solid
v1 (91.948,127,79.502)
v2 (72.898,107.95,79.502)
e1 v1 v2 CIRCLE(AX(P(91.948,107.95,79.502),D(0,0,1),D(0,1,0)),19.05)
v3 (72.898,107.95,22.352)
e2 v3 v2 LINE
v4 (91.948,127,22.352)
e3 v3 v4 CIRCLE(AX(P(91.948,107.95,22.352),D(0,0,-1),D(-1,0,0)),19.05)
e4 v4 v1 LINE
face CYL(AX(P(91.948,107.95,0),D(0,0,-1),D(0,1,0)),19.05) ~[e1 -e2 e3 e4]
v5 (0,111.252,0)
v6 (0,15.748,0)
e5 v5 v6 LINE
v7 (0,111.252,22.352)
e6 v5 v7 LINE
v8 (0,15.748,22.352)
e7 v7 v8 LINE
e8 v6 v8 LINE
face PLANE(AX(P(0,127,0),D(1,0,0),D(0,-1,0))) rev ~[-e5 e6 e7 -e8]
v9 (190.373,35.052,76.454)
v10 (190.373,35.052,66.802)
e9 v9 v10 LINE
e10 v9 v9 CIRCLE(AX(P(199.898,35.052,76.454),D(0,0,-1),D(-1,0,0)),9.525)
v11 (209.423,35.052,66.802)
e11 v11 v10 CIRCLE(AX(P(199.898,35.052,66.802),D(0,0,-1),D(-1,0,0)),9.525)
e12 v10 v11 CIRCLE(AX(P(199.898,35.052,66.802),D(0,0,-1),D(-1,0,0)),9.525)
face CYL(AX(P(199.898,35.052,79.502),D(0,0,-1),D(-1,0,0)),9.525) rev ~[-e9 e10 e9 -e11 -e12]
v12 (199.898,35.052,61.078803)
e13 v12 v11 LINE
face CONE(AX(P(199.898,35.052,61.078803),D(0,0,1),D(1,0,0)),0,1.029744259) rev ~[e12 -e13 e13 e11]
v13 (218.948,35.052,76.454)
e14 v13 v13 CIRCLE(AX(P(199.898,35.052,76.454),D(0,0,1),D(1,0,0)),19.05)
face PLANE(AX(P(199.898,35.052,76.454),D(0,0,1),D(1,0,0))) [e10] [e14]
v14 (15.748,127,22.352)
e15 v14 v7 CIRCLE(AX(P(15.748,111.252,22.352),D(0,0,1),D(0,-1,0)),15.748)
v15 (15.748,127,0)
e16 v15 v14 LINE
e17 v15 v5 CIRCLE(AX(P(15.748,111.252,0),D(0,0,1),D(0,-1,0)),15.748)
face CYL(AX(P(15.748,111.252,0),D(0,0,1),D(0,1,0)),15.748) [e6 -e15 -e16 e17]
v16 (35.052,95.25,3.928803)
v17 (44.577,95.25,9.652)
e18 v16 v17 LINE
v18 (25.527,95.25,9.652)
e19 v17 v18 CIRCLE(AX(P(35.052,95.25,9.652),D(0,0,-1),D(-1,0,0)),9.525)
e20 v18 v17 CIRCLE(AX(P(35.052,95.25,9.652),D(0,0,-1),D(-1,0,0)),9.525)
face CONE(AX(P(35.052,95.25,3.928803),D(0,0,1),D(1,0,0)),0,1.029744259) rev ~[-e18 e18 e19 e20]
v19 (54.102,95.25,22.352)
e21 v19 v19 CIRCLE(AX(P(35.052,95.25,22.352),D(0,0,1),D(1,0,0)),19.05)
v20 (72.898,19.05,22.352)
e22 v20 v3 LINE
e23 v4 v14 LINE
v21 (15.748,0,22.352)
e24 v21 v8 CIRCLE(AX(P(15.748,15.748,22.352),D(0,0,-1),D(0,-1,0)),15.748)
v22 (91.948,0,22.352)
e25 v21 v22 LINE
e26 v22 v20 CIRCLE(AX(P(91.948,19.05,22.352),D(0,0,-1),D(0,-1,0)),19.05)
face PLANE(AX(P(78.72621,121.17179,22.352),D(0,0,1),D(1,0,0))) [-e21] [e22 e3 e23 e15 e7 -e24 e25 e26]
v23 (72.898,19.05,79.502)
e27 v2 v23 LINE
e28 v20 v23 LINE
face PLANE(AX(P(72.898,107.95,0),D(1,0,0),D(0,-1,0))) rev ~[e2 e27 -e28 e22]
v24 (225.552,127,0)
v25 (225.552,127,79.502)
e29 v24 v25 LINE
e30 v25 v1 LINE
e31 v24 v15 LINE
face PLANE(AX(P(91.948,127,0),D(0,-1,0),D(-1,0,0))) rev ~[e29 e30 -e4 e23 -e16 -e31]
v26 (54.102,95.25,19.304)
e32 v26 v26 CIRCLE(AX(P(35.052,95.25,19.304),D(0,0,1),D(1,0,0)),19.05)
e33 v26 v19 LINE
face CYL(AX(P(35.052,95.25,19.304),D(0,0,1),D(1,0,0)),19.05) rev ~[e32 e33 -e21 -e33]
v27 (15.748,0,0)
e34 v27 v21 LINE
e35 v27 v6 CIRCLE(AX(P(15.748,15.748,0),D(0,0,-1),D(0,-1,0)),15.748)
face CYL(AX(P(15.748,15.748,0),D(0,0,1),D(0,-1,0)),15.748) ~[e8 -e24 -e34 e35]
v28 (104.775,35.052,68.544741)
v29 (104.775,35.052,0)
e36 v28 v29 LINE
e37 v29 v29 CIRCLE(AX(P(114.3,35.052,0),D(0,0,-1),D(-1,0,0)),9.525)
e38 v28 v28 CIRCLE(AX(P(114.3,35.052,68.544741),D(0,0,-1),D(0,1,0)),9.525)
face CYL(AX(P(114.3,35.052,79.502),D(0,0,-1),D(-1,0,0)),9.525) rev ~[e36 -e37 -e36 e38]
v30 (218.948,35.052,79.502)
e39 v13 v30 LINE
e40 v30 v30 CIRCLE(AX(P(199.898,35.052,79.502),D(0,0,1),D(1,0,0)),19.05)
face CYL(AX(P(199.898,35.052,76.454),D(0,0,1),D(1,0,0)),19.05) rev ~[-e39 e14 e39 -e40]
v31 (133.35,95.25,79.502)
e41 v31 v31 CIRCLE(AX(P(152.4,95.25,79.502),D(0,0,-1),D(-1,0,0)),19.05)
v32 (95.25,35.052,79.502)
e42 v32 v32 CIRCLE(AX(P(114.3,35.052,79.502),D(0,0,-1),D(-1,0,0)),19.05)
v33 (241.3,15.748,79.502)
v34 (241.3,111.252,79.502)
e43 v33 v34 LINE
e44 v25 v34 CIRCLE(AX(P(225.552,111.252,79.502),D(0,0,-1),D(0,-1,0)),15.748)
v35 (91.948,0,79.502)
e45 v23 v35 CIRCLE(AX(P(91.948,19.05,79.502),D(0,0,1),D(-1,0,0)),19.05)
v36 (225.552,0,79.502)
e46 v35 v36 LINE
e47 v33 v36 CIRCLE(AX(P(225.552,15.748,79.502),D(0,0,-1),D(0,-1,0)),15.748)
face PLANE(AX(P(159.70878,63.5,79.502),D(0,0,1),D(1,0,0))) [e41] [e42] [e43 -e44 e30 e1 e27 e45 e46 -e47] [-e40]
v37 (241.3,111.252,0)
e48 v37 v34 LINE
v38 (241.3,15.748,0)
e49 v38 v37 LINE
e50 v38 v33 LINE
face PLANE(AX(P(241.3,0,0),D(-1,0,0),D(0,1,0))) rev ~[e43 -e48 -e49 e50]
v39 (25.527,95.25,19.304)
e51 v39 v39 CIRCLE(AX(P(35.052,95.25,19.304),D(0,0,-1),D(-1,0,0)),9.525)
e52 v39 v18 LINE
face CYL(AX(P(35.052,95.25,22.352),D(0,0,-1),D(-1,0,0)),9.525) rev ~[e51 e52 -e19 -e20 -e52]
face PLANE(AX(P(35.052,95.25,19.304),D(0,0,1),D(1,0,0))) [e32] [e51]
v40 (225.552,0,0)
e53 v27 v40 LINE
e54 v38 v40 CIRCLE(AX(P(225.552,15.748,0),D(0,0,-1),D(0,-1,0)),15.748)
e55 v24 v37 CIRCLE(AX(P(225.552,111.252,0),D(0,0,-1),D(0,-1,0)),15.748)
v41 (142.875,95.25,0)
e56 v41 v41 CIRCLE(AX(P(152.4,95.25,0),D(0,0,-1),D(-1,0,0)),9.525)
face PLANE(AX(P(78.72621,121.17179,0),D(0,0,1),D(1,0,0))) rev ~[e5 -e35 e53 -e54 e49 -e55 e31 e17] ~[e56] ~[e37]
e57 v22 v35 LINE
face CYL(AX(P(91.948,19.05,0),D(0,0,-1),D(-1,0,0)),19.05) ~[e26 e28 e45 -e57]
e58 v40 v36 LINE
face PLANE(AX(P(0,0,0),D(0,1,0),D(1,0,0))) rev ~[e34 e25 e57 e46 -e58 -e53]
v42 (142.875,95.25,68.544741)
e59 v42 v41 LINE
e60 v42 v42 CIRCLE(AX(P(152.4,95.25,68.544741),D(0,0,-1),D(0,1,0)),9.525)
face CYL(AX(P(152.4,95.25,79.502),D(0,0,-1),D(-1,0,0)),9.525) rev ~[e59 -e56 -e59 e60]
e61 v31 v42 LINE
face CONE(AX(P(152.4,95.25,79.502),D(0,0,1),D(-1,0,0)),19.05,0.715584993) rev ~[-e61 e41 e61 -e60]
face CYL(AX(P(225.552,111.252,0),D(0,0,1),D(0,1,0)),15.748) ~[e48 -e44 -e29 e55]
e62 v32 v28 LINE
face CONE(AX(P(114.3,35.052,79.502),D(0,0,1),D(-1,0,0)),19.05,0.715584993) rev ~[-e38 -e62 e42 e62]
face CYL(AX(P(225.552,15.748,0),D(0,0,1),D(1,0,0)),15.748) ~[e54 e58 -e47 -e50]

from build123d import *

# Parameters (mm, degrees)
F1_DEPTH       = 22.352
F3_DEPTH       = 79.502
F6_D           = 19.05
F6_DEPTH       = 12.7
F6_START       = 57.15
F6_CBORE_D     = 38.1
F6_CBORE_DEPTH = 3.048
F6_TIP         = 5.7231973962
F8_D           = 19.05
F8_CSINK_D     = 38.1
F8_CSINK_ANGLE = 82
F9_R           = 15.748


with BuildPart() as f1:
    # F0 (on Top) → F1 (new body)
    with BuildSketch(Plane.XY):
        with BuildLine():
            Line((91.948, 127), (72.898, 127))
            Line((72.898, 127), (72.898, 107.95))
            ThreePointArc((72.898, 107.95), (78.4776158184, 121.4203841816), (91.948, 127))
        make_face()
        with BuildLine():
            Line((72.898, 19.05), (72.898, 0))
            Line((72.898, 0), (91.948, 0))
            ThreePointArc((91.948, 0), (78.4776158184, 5.5796158184), (72.898, 19.05))
        make_face()
        Polygon((0, 127), (0, 0), (72.898, 0), (72.898, 19.05), (72.898, 107.95), (72.898, 127), align=None)
    extrude(amount=F1_DEPTH)

    # F2 (on face) → F3 (join)
    with BuildSketch(Plane.XY):
        with BuildLine():
            Line((72.898, 107.95), (72.898, 19.05))
            ThreePointArc((72.898, 19.05), (78.4776158184, 5.5796158184), (91.948, 0))
            Line((91.948, 0), (241.3, 0))
            Line((241.3, 0), (241.3, 127))
            Line((241.3, 127), (91.948, 127))
            ThreePointArc((91.948, 127), (78.4776158184, 121.4203841816), (72.898, 107.95))
        make_face()
    extrude(amount=F3_DEPTH)

    # F6
    # its depths count from where the whole tool has entered the part; down to there all is cleared
    with Locations(Plane.XY.offset(79.502)):
        with Locations((35.052, 95.25)):
            Hole(F6_CBORE_D / 2, depth=F6_START)
    with Locations(Plane.XY.offset(79.502)):
        with Locations((199.898, 35.052, 0), (35.052, 95.25, -F6_START)):
            CounterBoreHole(F6_D / 2, F6_CBORE_D / 2, F6_CBORE_DEPTH, depth=F6_DEPTH)
            with Locations((0, 0, -(F6_DEPTH + F6_TIP / 2))):  # 118° drill point
                Cone(0, F6_D / 2, F6_TIP, mode=Mode.SUBTRACT)

    # F8 (through all)
    with Locations(Plane.XY.offset(79.502)):
        with Locations((152.4, 95.25), (114.3, 35.052)):
            CounterSinkHole(F8_D / 2, F8_CSINK_D / 2, counter_sink_angle=F8_CSINK_ANGLE)

    # F9
    f9_edges = [f1.edges().sort_by_distance(p)[0] for p in [
        (0, 0, 11.176),
        (0, 127, 11.176),
        (241.3, 0, 39.751),
        (241.3, 127, 39.751),
    ]]
    fillet(f9_edges, radius=F9_R)


solid = f1.part
